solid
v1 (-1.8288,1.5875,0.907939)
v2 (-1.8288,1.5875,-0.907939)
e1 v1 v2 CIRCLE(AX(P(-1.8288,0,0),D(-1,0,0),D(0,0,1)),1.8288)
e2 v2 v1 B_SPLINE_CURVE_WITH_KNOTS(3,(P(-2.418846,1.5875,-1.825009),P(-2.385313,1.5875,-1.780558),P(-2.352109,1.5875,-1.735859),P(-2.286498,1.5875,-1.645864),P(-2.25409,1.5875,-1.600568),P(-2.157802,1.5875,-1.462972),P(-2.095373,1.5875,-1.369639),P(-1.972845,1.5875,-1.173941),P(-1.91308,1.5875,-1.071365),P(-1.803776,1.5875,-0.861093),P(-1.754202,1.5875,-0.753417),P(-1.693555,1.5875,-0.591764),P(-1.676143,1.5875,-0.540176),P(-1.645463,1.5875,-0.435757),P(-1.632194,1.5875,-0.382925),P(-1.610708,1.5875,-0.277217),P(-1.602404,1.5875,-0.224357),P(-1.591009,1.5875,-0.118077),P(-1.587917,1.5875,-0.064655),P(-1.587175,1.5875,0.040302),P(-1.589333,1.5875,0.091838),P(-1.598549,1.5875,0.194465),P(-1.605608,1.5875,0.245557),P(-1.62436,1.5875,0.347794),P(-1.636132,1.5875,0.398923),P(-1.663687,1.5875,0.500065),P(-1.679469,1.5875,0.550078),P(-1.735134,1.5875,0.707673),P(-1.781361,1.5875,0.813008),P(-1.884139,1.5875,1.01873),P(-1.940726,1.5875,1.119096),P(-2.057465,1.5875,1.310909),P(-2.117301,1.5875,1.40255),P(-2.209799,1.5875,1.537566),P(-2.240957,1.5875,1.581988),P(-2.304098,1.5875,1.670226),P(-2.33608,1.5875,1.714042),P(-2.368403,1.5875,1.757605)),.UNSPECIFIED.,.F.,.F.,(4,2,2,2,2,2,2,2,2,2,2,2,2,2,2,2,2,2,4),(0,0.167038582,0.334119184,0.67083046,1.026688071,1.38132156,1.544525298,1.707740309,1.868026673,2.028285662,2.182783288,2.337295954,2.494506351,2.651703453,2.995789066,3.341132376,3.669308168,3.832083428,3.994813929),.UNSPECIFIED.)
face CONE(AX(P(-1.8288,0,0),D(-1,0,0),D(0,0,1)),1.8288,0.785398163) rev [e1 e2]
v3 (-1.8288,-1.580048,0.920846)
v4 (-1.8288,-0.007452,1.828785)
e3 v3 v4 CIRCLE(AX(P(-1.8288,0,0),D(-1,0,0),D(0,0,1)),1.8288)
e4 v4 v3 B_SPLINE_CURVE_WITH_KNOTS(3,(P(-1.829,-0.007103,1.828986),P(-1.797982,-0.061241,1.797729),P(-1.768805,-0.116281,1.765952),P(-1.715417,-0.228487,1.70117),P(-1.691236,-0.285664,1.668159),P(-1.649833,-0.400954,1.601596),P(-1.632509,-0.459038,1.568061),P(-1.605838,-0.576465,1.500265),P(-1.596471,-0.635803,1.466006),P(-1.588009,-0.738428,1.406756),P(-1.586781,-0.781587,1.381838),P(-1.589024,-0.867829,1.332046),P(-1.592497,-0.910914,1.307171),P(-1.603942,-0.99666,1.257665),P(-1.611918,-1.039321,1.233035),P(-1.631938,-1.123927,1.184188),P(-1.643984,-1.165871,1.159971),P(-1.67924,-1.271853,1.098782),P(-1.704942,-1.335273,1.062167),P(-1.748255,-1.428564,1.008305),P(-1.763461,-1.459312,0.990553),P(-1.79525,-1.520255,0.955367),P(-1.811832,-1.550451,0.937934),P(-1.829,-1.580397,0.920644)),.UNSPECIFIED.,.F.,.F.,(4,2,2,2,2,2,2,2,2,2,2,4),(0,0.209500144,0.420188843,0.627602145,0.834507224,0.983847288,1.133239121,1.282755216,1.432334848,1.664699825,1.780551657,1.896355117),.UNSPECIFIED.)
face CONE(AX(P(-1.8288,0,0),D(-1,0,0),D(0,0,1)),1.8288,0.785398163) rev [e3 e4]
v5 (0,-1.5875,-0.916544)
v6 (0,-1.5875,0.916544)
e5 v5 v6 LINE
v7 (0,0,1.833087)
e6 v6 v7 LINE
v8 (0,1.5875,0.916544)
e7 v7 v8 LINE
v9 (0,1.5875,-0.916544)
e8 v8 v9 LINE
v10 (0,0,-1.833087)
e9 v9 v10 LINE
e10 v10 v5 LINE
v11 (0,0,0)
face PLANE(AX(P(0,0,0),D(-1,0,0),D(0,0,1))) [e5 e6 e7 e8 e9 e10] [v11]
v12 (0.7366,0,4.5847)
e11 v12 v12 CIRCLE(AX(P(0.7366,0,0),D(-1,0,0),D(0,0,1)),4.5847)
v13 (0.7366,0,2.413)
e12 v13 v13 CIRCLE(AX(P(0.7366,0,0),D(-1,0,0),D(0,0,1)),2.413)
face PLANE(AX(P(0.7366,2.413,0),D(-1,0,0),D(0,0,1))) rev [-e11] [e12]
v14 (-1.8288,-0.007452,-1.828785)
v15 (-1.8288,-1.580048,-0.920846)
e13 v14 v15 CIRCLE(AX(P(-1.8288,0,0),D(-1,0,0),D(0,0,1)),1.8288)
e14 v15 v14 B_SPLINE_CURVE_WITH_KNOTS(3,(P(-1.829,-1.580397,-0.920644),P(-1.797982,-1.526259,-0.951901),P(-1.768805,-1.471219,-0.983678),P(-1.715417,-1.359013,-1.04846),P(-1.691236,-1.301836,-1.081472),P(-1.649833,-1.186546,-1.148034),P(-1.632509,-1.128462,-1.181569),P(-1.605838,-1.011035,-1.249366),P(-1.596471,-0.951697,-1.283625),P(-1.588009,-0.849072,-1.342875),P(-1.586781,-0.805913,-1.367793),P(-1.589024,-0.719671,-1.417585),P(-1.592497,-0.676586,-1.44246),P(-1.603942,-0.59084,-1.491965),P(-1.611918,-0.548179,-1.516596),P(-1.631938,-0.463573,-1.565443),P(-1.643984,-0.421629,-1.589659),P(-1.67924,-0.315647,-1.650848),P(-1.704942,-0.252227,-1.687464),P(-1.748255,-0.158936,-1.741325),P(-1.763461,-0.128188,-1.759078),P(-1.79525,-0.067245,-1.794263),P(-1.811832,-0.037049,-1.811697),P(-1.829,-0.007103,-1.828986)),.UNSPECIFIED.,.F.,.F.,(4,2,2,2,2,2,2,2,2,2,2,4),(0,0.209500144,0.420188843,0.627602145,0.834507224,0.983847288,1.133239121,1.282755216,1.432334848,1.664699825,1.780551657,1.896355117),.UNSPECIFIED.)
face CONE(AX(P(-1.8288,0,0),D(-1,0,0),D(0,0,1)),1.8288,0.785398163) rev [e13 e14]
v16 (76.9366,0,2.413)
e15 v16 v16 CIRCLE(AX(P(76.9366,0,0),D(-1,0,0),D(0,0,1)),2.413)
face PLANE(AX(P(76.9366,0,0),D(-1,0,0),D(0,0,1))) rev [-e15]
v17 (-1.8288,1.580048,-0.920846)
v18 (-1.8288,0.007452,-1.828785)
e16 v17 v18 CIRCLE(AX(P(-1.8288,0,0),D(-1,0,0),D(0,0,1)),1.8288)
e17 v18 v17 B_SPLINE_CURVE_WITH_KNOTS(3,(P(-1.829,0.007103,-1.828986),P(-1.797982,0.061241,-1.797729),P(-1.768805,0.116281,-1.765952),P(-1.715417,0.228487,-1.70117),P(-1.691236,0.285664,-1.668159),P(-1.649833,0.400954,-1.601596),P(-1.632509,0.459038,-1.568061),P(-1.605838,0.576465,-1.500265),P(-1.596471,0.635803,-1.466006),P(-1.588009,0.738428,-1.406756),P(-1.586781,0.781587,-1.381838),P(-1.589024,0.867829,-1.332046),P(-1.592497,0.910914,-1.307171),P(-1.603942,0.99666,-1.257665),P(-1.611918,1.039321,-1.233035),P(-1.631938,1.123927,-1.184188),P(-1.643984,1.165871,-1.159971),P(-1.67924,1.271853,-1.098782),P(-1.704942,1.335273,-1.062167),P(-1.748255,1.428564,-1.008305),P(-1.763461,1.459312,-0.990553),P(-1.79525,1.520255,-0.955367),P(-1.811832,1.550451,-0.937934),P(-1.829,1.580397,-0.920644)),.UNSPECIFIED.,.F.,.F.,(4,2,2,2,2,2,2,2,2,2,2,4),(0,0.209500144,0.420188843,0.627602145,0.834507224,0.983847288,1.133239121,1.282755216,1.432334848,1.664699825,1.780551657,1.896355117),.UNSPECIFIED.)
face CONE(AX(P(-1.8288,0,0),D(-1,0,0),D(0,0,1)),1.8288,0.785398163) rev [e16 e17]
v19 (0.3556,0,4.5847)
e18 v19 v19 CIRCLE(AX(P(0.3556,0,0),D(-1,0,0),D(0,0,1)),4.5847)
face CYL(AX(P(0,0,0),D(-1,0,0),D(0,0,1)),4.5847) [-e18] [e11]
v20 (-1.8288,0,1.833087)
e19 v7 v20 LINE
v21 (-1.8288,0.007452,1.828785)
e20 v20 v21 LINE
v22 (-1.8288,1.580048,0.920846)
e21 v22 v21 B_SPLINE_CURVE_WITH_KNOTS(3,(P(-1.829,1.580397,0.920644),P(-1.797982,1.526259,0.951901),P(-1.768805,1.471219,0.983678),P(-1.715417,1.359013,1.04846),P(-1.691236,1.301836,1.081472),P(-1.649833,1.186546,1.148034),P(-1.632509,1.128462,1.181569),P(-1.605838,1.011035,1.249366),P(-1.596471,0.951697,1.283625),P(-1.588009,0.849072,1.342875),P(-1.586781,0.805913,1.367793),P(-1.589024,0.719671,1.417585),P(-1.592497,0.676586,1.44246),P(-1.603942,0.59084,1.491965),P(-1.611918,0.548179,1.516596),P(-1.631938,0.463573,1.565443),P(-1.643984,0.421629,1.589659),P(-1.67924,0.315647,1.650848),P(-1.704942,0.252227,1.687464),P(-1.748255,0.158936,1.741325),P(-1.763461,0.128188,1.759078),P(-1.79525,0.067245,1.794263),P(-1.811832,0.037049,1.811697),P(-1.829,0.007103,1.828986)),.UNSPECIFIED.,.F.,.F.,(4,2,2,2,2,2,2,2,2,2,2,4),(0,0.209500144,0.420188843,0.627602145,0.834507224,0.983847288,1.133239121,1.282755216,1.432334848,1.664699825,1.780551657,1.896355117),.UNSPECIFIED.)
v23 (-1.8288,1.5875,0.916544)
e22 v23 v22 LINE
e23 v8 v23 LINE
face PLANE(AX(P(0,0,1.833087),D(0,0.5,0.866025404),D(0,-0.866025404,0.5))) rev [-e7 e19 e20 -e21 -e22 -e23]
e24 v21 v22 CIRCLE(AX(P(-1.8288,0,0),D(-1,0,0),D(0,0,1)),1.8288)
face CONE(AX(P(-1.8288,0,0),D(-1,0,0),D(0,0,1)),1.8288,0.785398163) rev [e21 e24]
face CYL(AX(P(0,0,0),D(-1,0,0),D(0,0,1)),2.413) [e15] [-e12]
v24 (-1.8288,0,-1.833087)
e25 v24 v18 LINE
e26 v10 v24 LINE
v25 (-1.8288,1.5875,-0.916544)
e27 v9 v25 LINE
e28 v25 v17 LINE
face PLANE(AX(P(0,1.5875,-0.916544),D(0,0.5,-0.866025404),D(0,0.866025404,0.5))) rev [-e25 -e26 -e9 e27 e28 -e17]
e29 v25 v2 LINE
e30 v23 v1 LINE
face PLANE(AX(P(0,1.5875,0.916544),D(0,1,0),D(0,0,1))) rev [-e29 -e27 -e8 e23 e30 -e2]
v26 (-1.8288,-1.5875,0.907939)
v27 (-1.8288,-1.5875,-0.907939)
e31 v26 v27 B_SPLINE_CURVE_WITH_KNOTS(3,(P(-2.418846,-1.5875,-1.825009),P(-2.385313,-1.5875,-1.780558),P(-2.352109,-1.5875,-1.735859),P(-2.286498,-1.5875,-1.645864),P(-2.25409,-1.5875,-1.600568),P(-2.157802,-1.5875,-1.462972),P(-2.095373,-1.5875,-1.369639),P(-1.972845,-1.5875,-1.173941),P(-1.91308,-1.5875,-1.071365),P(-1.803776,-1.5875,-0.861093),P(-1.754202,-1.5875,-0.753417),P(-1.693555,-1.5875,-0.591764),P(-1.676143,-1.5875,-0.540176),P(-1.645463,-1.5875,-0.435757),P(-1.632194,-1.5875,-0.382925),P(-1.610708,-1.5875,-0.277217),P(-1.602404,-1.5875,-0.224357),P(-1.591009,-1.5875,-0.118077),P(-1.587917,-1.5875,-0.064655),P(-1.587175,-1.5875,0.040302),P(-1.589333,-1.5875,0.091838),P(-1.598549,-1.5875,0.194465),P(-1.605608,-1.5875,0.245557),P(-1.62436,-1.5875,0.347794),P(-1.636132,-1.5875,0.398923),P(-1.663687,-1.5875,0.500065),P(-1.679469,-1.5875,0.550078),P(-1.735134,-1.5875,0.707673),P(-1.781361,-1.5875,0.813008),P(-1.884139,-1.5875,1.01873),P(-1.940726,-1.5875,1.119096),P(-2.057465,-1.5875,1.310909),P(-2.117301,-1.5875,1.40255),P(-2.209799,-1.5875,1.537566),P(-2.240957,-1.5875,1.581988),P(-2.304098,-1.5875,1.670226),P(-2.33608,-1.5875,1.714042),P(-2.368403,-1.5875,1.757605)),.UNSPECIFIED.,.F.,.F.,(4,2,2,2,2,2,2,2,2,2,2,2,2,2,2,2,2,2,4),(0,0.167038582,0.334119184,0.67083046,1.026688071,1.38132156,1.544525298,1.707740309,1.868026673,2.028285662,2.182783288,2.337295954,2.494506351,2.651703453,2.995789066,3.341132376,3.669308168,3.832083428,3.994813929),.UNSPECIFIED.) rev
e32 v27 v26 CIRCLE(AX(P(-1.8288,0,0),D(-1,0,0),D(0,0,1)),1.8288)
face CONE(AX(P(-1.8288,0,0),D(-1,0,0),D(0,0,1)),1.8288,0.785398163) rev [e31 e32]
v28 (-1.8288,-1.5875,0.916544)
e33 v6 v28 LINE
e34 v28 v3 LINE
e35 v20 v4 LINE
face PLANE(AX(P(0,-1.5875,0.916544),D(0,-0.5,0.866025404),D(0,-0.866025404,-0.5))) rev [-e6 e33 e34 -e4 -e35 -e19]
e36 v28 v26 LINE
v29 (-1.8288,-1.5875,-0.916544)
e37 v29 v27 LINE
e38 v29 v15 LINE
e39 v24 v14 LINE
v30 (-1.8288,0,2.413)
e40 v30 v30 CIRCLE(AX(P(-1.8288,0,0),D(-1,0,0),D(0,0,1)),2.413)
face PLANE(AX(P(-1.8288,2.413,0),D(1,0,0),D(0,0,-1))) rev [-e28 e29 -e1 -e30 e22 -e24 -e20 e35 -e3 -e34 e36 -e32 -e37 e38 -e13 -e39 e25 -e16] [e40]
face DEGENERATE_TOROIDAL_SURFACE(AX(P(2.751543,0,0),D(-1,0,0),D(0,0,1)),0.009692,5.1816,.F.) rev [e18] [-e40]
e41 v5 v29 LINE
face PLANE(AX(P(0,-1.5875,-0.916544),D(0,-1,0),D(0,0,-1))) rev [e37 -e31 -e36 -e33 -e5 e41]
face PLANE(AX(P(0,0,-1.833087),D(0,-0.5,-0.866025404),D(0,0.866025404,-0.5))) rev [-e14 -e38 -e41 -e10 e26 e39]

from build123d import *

# Parameters (mm, degrees)
CUT_EXTRUDE1_DEPTH = 1.8288


with BuildPart() as part:
    # Sketch1 → Revolve1 (revolve)
    with BuildSketch(Plane.XY, mode=Mode.PRIVATE) as revolve1_sk:
        with BuildLine():
            Line((0, 0), (76.9366, 0))
            Line((76.9366, 0), (76.9366, 2.413))
            Line((76.9366, 2.413), (0.7366, 2.413))
            Line((0.7366, 2.413), (0.7366, 4.5847))
            Line((0.7366, 4.5847), (0.3556, 4.5847))
            ThreePointArc((0.3556, 4.5847), (-0.901703741, 3.66491926), (-1.8288, 2.413))
            Line((-1.8288, 2.413), (-1.8288, 1.8288))
            Line((-1.8288, 1.8288), (0, 0))
        make_face()
    revolve(revolve1_sk.sketch.rotate(Axis((0, 0, 0), (1, 0, 0)), 90), axis=Axis((0, 0, 0), (1, 0, 0)))

    # Sketch2 → Cut-Extrude1 (cut)
    with BuildSketch(Plane.ZY.offset(1.8288)):
        Polygon((1.833087105, 0), (0.916543552, 1.5875), (-0.916543552, 1.5875), (-1.833087105, 0), (-0.916543552, -1.5875), (0.916543552, -1.5875), align=None)
    extrude(amount=-CUT_EXTRUDE1_DEPTH, mode=Mode.SUBTRACT)


solid = part.part
